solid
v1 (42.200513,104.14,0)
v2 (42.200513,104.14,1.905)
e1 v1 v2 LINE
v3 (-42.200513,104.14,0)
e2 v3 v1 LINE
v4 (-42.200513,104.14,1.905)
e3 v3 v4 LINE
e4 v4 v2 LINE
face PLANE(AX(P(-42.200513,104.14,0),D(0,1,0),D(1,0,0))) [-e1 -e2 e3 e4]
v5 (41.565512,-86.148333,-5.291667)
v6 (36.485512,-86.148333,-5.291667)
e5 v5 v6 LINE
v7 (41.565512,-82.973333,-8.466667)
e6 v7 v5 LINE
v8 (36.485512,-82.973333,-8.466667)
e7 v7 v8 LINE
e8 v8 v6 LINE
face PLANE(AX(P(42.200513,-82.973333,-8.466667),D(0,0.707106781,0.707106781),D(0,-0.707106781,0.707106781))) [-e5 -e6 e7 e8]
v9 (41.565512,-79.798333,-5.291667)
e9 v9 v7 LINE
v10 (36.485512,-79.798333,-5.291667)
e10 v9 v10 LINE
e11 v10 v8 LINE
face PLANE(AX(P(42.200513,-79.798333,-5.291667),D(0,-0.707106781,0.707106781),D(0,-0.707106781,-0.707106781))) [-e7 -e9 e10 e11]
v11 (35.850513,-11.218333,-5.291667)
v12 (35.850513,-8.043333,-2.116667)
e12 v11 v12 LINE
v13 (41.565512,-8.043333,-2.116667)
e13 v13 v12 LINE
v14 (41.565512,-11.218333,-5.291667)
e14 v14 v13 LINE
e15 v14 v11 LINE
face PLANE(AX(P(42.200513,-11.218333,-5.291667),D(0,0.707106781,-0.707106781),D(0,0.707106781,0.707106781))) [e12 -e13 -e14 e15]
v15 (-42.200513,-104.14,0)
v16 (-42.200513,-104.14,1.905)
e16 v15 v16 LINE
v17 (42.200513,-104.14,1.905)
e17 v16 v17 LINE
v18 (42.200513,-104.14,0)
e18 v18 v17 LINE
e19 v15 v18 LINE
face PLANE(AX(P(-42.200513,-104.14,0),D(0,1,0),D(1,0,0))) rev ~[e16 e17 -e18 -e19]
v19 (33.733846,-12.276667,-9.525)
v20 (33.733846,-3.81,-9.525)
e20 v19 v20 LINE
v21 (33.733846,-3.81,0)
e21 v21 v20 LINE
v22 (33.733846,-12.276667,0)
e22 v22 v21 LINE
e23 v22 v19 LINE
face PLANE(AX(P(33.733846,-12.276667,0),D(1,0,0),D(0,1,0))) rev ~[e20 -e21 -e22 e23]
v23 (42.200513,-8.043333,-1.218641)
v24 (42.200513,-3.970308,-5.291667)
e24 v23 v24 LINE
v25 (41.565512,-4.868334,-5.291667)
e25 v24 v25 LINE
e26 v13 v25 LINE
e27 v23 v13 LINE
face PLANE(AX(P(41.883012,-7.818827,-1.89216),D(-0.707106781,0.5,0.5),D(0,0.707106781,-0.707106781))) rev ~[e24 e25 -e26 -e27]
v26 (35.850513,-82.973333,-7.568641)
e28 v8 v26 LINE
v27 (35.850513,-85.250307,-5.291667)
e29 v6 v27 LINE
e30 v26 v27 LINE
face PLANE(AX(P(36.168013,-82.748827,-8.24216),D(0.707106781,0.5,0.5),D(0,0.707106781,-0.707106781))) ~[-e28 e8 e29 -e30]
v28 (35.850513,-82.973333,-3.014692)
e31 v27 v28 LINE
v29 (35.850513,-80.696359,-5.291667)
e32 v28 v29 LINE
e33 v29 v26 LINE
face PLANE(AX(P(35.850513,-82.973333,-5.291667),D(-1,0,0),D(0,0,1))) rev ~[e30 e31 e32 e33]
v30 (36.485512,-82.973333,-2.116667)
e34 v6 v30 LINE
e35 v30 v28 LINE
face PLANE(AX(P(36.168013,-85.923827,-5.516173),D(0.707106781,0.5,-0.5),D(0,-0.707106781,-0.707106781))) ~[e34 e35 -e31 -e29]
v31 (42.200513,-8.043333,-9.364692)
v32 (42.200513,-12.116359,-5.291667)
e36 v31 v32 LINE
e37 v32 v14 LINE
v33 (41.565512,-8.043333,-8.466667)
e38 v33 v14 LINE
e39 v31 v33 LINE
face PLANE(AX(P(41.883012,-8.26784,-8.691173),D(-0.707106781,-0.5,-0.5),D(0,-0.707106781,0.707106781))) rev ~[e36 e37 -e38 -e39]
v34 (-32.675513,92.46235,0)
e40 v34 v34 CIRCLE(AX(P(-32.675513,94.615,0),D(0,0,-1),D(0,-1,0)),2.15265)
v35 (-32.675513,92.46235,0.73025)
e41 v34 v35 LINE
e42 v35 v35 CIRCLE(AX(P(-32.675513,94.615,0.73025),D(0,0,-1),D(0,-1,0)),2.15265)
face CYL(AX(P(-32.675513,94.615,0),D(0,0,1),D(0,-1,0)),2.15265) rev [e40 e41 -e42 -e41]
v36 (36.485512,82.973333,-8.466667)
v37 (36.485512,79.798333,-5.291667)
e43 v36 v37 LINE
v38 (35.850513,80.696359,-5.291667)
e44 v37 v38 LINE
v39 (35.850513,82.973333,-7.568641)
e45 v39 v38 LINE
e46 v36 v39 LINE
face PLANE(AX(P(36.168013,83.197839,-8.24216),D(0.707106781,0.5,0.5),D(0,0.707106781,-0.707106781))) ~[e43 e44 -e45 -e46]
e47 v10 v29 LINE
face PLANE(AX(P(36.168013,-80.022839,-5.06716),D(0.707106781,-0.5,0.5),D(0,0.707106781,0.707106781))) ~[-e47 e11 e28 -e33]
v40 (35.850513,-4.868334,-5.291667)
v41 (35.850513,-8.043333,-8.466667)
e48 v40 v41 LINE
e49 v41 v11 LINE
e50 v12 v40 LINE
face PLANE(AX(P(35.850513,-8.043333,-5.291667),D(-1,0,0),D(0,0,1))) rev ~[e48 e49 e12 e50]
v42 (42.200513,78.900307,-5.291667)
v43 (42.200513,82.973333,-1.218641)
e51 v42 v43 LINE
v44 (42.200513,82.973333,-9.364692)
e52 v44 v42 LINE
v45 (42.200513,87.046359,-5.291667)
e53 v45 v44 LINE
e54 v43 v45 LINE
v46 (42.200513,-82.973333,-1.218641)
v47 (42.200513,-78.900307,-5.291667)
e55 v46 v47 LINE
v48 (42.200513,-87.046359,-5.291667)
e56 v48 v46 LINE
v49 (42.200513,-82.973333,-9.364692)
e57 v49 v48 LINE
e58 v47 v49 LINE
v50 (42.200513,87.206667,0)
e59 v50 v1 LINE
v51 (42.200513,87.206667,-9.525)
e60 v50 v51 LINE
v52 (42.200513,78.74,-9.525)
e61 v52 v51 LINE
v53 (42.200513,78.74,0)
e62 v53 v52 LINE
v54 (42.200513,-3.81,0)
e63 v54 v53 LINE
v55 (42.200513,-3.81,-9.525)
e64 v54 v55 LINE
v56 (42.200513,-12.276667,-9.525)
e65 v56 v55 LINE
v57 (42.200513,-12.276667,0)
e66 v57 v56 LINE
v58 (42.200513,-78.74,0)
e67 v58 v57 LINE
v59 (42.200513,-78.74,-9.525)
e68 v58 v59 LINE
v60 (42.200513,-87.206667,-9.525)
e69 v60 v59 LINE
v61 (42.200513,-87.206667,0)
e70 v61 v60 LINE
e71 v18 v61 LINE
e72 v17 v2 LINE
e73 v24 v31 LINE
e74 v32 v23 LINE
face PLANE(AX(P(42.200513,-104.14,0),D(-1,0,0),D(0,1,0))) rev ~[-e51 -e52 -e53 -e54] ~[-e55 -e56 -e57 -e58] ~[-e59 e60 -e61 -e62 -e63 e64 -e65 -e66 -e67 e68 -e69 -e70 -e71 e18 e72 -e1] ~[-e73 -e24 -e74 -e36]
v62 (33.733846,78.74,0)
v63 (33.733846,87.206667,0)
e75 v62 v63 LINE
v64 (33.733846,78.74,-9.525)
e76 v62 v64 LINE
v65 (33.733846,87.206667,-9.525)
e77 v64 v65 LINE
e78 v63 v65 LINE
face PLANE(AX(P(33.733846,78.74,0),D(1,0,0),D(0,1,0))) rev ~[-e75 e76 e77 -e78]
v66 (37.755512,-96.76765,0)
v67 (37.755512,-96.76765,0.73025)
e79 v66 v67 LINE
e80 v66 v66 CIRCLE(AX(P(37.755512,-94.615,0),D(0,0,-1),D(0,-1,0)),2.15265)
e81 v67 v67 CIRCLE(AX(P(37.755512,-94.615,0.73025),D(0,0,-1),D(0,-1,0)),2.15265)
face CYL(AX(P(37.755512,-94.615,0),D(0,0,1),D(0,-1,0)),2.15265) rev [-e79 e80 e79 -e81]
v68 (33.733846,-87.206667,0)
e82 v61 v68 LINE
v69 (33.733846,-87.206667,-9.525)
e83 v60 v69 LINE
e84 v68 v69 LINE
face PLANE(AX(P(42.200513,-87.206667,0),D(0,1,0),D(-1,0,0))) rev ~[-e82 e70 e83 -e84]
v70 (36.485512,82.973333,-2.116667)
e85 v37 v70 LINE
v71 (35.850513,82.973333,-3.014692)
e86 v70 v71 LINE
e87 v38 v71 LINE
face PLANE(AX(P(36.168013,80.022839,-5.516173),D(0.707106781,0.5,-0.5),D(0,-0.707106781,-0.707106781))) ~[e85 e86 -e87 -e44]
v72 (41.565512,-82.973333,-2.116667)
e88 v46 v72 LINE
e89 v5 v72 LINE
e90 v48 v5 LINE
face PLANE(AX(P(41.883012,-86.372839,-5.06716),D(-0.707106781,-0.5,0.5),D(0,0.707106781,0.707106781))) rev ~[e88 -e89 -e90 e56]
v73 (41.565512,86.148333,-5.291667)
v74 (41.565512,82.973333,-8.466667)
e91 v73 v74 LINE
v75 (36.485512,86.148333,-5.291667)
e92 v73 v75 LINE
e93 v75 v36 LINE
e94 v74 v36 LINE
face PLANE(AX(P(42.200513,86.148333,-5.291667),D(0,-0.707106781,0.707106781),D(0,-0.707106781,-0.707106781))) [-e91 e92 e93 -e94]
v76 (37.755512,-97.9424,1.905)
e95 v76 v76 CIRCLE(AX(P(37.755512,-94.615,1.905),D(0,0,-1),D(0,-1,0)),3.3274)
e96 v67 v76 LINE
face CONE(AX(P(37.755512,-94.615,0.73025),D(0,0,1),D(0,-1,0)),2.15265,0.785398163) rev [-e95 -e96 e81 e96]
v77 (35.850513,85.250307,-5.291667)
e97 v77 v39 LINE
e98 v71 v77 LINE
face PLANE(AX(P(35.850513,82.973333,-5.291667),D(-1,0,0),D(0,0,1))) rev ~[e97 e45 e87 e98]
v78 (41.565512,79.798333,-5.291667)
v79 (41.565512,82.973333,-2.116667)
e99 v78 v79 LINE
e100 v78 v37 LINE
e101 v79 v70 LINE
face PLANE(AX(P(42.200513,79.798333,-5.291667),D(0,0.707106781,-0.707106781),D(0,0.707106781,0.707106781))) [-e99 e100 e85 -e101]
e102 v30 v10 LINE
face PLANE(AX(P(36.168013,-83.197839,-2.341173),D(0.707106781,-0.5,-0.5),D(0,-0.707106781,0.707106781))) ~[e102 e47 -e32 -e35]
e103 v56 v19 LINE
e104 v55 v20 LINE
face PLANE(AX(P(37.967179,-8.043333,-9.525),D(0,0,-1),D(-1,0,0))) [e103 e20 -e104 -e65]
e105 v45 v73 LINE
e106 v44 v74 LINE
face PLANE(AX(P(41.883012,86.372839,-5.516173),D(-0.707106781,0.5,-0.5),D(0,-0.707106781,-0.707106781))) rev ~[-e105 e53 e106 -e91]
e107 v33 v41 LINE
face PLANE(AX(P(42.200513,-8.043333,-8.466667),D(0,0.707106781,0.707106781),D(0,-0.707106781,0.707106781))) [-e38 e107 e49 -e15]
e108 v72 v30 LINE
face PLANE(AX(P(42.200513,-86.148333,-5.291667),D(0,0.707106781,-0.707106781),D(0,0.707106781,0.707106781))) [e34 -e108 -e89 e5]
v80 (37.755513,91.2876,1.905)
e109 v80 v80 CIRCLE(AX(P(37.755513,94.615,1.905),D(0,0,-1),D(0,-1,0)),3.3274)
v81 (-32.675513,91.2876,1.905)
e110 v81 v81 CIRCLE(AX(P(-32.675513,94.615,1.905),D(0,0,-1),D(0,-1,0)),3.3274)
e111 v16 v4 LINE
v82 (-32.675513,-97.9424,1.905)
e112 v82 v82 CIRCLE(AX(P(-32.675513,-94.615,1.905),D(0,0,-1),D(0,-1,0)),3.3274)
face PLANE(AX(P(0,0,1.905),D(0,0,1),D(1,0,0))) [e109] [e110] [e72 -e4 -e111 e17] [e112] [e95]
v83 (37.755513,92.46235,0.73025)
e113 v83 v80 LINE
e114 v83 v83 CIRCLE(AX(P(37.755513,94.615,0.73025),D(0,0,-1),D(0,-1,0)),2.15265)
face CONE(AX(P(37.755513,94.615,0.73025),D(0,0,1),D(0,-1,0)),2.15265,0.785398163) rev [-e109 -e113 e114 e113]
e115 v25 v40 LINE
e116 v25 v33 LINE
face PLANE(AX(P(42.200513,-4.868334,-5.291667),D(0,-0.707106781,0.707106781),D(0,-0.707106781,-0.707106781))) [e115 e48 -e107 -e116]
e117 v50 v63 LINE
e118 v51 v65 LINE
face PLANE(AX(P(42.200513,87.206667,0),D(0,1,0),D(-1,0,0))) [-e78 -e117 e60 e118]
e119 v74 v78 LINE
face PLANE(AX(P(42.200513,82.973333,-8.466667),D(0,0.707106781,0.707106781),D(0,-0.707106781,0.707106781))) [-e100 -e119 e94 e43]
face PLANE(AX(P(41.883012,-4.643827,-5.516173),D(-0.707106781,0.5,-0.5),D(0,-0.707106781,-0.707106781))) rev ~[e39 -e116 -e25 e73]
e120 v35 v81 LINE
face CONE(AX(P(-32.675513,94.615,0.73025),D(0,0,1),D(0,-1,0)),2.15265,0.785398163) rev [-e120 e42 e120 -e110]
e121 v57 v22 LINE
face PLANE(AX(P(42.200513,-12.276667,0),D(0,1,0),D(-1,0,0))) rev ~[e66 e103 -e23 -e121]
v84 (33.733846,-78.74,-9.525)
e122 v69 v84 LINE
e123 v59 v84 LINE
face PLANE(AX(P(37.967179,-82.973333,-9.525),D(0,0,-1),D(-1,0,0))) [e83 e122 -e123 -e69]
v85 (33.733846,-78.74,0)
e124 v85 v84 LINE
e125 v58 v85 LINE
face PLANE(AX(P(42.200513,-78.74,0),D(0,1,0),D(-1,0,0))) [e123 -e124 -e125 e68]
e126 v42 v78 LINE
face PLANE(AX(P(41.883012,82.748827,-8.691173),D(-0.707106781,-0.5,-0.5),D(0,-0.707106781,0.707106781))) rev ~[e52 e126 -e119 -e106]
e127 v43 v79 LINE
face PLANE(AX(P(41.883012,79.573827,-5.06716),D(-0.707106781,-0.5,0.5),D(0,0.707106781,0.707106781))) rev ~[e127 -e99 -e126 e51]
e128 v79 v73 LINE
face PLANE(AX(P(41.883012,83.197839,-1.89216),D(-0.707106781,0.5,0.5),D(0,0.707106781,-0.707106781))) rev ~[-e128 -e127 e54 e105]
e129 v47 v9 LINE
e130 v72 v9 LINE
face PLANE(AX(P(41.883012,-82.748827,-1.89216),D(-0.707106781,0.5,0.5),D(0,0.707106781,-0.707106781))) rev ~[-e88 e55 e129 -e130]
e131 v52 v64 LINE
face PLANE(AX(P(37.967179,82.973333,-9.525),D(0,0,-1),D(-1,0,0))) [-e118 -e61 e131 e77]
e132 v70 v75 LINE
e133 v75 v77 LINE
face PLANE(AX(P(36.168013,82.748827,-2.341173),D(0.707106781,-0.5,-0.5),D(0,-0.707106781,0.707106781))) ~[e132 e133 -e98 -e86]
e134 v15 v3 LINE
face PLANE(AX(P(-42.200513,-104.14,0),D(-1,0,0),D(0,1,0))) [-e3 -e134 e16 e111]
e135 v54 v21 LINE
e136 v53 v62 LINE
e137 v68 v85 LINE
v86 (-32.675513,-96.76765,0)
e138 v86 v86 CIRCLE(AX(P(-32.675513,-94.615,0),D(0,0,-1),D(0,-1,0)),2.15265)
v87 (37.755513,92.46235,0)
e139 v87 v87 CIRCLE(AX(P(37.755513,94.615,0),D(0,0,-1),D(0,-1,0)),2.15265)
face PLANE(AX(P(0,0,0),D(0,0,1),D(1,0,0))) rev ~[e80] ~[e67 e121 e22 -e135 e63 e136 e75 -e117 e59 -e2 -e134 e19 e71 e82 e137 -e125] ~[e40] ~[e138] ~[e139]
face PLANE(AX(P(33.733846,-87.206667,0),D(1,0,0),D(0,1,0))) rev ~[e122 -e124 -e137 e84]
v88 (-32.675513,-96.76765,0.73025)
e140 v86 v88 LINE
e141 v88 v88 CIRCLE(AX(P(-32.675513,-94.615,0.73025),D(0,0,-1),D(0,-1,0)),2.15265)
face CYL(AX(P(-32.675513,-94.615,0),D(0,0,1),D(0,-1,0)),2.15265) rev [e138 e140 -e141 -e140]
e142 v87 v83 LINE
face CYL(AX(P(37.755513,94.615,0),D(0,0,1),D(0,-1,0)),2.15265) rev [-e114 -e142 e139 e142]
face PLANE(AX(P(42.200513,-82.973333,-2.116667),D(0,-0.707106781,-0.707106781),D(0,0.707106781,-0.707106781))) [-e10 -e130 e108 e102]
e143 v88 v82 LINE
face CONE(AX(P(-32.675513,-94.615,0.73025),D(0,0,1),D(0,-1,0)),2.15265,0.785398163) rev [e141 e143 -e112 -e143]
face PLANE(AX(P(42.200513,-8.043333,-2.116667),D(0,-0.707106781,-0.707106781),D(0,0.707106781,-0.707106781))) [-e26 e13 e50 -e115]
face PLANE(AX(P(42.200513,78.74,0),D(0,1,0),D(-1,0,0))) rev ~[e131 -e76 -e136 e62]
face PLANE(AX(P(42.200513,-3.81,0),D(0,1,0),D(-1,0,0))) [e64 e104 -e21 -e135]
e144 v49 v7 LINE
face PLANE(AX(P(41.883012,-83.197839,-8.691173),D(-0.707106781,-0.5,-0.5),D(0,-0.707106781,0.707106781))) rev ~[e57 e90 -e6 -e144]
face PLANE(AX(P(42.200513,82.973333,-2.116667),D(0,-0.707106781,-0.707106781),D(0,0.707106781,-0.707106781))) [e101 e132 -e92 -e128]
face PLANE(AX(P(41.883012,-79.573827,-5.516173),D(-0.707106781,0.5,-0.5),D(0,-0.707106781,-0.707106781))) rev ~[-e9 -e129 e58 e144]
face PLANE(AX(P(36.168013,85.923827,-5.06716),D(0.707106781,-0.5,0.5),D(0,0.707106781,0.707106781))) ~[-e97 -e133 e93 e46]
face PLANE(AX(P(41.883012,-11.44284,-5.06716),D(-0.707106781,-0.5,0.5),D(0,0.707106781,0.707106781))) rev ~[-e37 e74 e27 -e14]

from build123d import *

# Parameters (mm, degrees)
SKETCH1_W                      = 84.401025
SKETCH1_H                      = 208.28
BOSS_EXTRUDE1_DEPTH            = 1.905
F_6_CLEARANCE_HOLE1_AT_2_COUNT = 2
F_6_CLEARANCE_HOLE1_AT_2_PITCH = 189.23
F_6_CLEARANCE_HOLE1_AT_3_COUNT = 2
F_6_CLEARANCE_HOLE1_AT_3_PITCH = 201.912164523
F_6_CLEARANCE_HOLE1_AT_4_COUNT = 2
F_6_CLEARANCE_HOLE1_AT_4_PITCH = 70.431025
SKETCH4_W                      = 8.466667
SKETCH4_H                      = 8.466667
BOSS_EXTRUDE2_DEPTH            = 9.525
CUT_EXTRUDE3_DEPTH             = 6.35
CHAMFER1_SIZE                  = 0.635


with BuildPart() as part:
    # Sketch1 → Boss-Extrude1 (new body)
    with BuildSketch(Plane.XY):
        Rectangle(SKETCH1_W, SKETCH1_H)
    extrude(amount=BOSS_EXTRUDE1_DEPTH)

    # Sketch3 → #6 Clearance Hole1 (revolve, cut)
    with BuildSketch(Plane(origin=(-32.6755125, 94.615, 1.905), x_dir=(0, -1, 0), z_dir=(1, 0, 0))):
        Polygon((0, 0), (0, 1.905), (2.15265, 1.905), (2.15265, 1.17475), (3.3274, 0), align=None)
    f_6_clearance_hole1 = revolve(axis=Axis((-32.6755125, 94.615, 8.255), (0, 0, -1)), mode=Mode.SUBTRACT)

    # #6 Clearance Hole1 at 2: #6 Clearance Hole1 ×2
    with Locations(*[(0, -i * F_6_CLEARANCE_HOLE1_AT_2_PITCH, 0) for i in range(1, F_6_CLEARANCE_HOLE1_AT_2_COUNT)]):
        add(f_6_clearance_hole1, mode=Mode.SUBTRACT)

    # #6 Clearance Hole1 at 3: #6 Clearance Hole1 ×2
    with Locations(*[Vector(0.34882011772903904, -0.9371896955619494, 0) * (i * F_6_CLEARANCE_HOLE1_AT_3_PITCH) for i in range(1, F_6_CLEARANCE_HOLE1_AT_3_COUNT)]):
        add(f_6_clearance_hole1, mode=Mode.SUBTRACT)

    # #6 Clearance Hole1 at 4: #6 Clearance Hole1 ×2
    with Locations(*[(i * F_6_CLEARANCE_HOLE1_AT_4_PITCH, 0, 0) for i in range(1, F_6_CLEARANCE_HOLE1_AT_4_COUNT)]):
        add(f_6_clearance_hole1, mode=Mode.SUBTRACT)

    # Sketch4 → Boss-Extrude2 (add)
    with BuildSketch(Plane(origin=(0, 0, 0), x_dir=(-1, 0, 0), z_dir=(0, 0, -1))):
        with Locations((-37.967179, 82.973333082)):
            Rectangle(SKETCH4_W, SKETCH4_H)
        with Locations((-37.967179, -8.0433335)):
            Rectangle(SKETCH4_W, SKETCH4_H)
        with Locations((-37.967179, -82.973333082)):
            Rectangle(SKETCH4_W, SKETCH4_H)
    extrude(amount=BOSS_EXTRUDE2_DEPTH)

    # Sketch5 → Cut-Extrude3 (cut)
    with BuildSketch(Plane(origin=(42.2005125, 0, 0), x_dir=(0, 0, -1), z_dir=(1, 0, 0))):
        Polygon((2.116666667, -82.973333082), (5.291666667, -79.798333082), (8.466666667, -82.973333082), (5.291666667, -86.148333082), align=None)
        Polygon((2.116666667, -8.0433335), (5.291666667, -4.8683335), (8.466666667, -8.0433335), (5.291666667, -11.2183335), align=None)
        Polygon((2.116666667, 82.973333082), (5.291666667, 86.148333082), (8.466666667, 82.973333082), (5.291666667, 79.798333082), align=None)
    extrude(amount=-CUT_EXTRUDE3_DEPTH, mode=Mode.SUBTRACT)

    # Chamfer1
    chamfer1_edges = [part.edges().sort_by_distance(p)[0] for p in [
        (35.8505125, 81.385833082, -3.704166667),
        (35.8505125, 84.560833082, -3.704166667),
        (35.8505125, 84.560833082, -6.879166667),
        (35.8505125, 81.385833082, -6.879166667),
        (42.2005125, 81.385833082, -3.704166667),
        (42.2005125, 81.385833082, -6.879166667),
        (42.2005125, 84.560833082, -6.879166667),
        (42.2005125, 84.560833082, -3.704166667),
        (35.8505125, -84.560833082, -3.704166667),
        (35.8505125, -81.385833082, -3.704166667),
        (35.8505125, -81.385833082, -6.879166667),
        (35.8505125, -84.560833082, -6.879166667),
        (42.2005125, -84.560833082, -3.704166667),
        (42.2005125, -84.560833082, -6.879166667),
        (42.2005125, -81.385833082, -6.879166667),
        (42.2005125, -81.385833082, -3.704166667),
        (42.2005125, -9.6308335, -3.704166667),
        (42.2005125, -9.6308335, -6.879166667),
        (42.2005125, -6.4558335, -6.879166667),
        (42.2005125, -6.4558335, -3.704166667),
    ]]
    chamfer(chamfer1_edges, length=CHAMFER1_SIZE)


solid = part.part
